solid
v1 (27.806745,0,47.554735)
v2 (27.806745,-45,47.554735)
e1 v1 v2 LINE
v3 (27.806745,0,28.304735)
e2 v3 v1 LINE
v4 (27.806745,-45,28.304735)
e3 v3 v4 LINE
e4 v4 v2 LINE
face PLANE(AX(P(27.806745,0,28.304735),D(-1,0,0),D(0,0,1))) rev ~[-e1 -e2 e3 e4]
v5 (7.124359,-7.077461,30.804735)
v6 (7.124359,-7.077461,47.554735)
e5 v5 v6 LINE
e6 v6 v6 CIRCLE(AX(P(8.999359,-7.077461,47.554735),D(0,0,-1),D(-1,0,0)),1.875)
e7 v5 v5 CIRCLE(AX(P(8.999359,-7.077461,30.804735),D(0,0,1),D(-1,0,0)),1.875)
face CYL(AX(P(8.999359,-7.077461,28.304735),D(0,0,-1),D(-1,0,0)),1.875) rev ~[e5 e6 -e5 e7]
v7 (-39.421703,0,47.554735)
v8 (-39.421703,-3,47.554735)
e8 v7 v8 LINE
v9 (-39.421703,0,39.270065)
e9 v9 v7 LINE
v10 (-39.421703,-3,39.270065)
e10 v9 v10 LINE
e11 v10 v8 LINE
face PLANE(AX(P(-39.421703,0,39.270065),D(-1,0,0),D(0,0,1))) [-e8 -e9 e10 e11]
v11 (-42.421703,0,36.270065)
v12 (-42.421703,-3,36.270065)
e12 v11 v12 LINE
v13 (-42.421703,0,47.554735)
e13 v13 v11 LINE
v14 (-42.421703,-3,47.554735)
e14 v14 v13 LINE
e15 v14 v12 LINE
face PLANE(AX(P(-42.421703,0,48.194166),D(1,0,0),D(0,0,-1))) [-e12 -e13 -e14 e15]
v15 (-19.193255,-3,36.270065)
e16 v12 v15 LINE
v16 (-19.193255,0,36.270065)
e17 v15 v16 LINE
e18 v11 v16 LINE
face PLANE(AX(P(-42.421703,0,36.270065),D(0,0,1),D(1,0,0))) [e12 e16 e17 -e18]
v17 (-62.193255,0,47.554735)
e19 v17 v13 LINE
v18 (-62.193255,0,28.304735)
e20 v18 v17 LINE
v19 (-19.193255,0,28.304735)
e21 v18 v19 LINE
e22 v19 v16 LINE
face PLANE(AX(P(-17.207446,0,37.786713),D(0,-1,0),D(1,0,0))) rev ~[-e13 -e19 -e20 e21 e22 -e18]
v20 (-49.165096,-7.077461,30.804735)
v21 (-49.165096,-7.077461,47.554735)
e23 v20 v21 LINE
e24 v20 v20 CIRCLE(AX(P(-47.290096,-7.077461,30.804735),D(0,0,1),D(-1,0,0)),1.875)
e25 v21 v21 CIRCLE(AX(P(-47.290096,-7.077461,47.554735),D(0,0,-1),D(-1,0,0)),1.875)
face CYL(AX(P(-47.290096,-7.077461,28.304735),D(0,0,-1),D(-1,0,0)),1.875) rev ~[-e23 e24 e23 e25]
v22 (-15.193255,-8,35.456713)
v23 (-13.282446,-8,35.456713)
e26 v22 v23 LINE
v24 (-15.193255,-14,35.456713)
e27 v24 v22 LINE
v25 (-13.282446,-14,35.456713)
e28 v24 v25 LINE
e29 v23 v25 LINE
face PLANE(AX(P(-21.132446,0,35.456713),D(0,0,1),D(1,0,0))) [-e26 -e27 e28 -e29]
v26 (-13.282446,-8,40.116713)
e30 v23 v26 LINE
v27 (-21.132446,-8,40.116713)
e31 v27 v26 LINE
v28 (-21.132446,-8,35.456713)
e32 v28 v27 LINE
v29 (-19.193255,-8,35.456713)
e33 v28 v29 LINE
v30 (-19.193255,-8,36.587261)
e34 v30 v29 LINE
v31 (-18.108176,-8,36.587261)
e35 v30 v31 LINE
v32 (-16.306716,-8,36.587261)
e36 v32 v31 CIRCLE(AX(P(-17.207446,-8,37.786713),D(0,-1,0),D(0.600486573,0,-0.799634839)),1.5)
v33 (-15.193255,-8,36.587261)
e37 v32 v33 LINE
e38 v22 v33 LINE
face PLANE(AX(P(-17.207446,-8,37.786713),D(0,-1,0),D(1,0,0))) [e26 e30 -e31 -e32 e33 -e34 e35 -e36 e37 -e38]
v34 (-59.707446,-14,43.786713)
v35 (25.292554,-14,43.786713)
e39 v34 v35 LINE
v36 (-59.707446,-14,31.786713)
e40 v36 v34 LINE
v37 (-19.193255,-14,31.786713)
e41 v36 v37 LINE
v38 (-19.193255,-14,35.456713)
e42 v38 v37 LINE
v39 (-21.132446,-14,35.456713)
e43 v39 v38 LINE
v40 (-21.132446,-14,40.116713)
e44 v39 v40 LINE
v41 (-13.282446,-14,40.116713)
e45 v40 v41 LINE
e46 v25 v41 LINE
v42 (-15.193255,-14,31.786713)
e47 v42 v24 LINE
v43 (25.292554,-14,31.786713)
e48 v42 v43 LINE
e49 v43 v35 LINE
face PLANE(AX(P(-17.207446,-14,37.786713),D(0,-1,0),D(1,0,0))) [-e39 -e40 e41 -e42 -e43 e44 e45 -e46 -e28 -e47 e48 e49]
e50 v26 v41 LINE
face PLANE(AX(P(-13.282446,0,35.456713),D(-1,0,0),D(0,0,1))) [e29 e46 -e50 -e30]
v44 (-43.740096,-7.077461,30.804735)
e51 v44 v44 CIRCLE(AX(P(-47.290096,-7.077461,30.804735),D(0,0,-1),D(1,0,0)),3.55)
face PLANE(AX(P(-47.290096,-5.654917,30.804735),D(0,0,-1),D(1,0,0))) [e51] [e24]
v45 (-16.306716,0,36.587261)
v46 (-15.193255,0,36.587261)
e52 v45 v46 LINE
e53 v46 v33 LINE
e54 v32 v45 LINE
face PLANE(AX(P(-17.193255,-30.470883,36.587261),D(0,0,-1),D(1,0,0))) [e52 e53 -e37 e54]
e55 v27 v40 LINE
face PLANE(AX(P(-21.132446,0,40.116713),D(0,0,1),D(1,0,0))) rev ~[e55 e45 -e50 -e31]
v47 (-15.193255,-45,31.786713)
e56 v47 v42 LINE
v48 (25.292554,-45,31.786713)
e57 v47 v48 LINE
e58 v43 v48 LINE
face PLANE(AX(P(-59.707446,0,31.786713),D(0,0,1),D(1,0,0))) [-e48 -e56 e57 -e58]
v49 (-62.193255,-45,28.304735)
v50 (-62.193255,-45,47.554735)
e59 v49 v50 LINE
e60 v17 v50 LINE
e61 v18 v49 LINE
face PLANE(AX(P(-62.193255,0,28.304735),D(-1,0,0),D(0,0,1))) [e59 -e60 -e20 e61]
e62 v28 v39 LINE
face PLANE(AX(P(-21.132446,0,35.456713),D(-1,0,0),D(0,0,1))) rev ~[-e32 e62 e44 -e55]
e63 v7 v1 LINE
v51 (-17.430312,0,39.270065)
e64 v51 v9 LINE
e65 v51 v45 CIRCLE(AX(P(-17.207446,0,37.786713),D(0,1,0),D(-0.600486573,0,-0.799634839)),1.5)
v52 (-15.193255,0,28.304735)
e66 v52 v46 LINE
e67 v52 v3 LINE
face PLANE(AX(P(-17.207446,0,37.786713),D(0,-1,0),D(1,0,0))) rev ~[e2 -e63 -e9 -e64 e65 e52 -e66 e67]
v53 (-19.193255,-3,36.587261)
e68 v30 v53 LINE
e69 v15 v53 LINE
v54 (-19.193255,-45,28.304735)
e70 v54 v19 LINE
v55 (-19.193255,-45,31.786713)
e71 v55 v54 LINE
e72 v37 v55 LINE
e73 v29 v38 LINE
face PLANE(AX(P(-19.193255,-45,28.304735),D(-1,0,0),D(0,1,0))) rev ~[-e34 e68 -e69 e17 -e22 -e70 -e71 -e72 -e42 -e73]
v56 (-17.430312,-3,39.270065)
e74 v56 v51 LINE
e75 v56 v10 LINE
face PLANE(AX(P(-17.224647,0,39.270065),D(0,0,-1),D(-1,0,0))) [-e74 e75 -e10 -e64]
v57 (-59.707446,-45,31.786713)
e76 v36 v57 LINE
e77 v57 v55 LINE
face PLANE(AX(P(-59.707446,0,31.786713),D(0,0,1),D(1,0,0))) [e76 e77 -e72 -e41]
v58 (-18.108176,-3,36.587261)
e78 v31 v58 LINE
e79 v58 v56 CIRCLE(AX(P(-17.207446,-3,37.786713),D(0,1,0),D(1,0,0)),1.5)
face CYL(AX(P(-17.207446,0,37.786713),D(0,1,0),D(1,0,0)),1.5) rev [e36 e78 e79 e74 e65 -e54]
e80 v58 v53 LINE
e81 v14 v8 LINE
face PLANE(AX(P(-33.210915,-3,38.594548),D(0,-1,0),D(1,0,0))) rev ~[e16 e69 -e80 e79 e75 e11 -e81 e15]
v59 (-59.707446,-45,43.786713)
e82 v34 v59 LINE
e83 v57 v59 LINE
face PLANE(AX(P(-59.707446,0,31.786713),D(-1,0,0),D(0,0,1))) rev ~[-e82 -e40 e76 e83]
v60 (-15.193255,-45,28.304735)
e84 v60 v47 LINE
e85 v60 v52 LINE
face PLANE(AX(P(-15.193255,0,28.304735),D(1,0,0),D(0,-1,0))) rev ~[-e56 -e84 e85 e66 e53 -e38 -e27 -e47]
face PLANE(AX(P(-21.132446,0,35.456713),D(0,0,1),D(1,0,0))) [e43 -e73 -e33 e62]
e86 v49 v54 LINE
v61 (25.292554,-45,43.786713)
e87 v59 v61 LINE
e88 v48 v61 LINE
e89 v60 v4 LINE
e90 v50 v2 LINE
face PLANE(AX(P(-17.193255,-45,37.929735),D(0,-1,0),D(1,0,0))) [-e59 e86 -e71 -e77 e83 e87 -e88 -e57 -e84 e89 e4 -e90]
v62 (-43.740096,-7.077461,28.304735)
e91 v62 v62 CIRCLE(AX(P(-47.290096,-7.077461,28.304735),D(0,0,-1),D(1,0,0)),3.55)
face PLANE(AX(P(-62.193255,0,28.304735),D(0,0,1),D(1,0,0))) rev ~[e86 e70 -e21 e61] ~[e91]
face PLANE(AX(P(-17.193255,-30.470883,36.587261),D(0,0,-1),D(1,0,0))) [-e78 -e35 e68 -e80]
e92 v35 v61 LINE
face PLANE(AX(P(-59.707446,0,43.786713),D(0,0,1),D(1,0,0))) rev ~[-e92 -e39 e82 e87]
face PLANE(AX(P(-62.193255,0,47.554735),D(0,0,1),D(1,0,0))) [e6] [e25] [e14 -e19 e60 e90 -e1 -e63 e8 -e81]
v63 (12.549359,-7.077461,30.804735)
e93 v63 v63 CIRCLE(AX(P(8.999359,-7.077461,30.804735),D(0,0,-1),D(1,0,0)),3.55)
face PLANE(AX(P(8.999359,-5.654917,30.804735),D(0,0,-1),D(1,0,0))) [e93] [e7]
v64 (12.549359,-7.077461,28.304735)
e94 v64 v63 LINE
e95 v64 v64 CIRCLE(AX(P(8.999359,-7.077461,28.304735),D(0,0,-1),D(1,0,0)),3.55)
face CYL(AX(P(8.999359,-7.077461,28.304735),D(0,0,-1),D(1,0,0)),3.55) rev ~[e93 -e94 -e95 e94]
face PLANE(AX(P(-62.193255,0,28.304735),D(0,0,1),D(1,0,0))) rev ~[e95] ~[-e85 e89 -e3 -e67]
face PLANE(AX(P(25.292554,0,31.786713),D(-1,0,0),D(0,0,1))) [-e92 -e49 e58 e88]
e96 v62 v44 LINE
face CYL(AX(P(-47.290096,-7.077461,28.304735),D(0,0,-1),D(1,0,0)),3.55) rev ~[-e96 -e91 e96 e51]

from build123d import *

# Parameters (mm, degrees)
F0_W      = 90
F0_H      = 19.25
F0_W_2    = 85
F0_H_2    = 12
F1_DEPTH  = 45
F0_W_3    = 7.85
F0_H_3    = 4.66
F2_DEPTH  = 14
F0_R      = 1.5
F3_DEPTH  = 8
F5_W      = 4
F5_H      = 29.0582341515
F6_DEPTH  = 3.07077
F5_H_2    = 15.9417658485
F7_DEPTH  = 8.2825263962
F11_DEPTH = 23.33121
F12_DEPTH = 2.5
F14_W     = 3
F14_H     = 4.4074529409
F14_W_2   = 3.907799057
F14_H_2   = 3
F15_DEPTH = 3


with BuildPart() as f1:
    # F0 (on Front) → F1 (new body)
    with BuildSketch(Plane.XZ):
        with Locations((-17.1932545304, 37.9297346771)):
            Rectangle(F0_W, F0_H)
        with Locations((-17.2074458234, 37.7867133319)):
            Rectangle(F0_W_2, F0_H_2, mode=Mode.SUBTRACT)
    extrude(amount=F1_DEPTH)

    # F0 (on Front) → F2 (join)
    with BuildSketch(Plane.XZ):
        with Locations((-17.2074458234, 37.7867133319)):
            Rectangle(F0_W_2, F0_H_2)
        with Locations((-17.2074458234, 37.7867133319)):
            Rectangle(F0_W_3, F0_H_3, mode=Mode.SUBTRACT)
    extrude(amount=F2_DEPTH)

    # F0 (on Front) → F3 (join)
    with BuildSketch(Plane.XZ):
        with Locations((-17.2074458234, 37.7867133319)):
            Rectangle(F0_W_3, F0_H_3)
        with Locations((-17.2074458234, 37.7867133319)):
            Circle(F0_R, mode=Mode.SUBTRACT)
    extrude(amount=F3_DEPTH)

    # F5 (on offset) → F6 (cut)
    with BuildSketch(Plane(origin=(0, 0, 28.3047346771), x_dir=(1, 0, 0), z_dir=(0, 0, -1))):
        with Locations((-17.1932545304, 30.4708829243)):
            Rectangle(F5_W, F5_H)
    extrude(amount=-F6_DEPTH, mode=Mode.SUBTRACT)

    # F5 (on offset) → F7 (cut)
    with BuildSketch(Plane(origin=(0, 0, 28.3047346771), x_dir=(1, 0, 0), z_dir=(0, 0, -1))):
        with Locations((-17.1932545304, 30.4708829243)):
            Rectangle(F5_W, F5_H)
        with Locations((-17.1932545304, 7.9708829243)):
            Rectangle(F5_W, F5_H_2)
    extrude(amount=-F7_DEPTH, mode=Mode.SUBTRACT)

    # F10 (on offset) → F11 (cut)
    with BuildSketch(Plane(origin=(0, 0, 28.3047346771), x_dir=(1, 0, 0), z_dir=(0, 0, -1))):
        with BuildLine():
            Line((-49.1650958551, 7.0774606429), (-45.4150958551, 7.0774606429))
            ThreePointArc((-45.4150958551, 7.0774606429), (-47.2900958551, 8.9524606429), (-49.1650958551, 7.0774606429))
        make_face()
        with BuildLine():
            ThreePointArc((-49.1650958551, 7.0774606429), (-47.2900958551, 5.2024606429), (-45.4150958551, 7.0774606429))
            Line((-45.4150958551, 7.0774606429), (-49.1650958551, 7.0774606429))
        make_face()
        with BuildLine():
            ThreePointArc((10.8743589147, 7.0774606429), (8.9993589147, 8.9524606429), (7.1243589147, 7.0774606429))
            Line((7.1243589147, 7.0774606429), (10.8743589147, 7.0774606429))
        make_face()
        with BuildLine():
            Line((10.8743589147, 7.0774606429), (7.1243589147, 7.0774606429))
            ThreePointArc((7.1243589147, 7.0774606429), (8.9993589147, 5.2024606429), (10.8743589147, 7.0774606429))
        make_face()
    extrude(amount=-F11_DEPTH, mode=Mode.SUBTRACT)

    # F10 (on offset) → F12 (cut)
    with BuildSketch(Plane(origin=(0, 0, 28.3047346771), x_dir=(1, 0, 0), z_dir=(0, 0, -1))):
        with BuildLine():
            Line((7.1243589147, 7.0774606429), (5.4493589147, 7.0774606429))
            ThreePointArc((5.4493589147, 7.0774606429), (8.9993589147, 3.5274606429), (12.5493589147, 7.0774606429))
            Line((12.5493589147, 7.0774606429), (10.8743589147, 7.0774606429))
            ThreePointArc((10.8743589147, 7.0774606429), (8.9993589147, 5.2024606429), (7.1243589147, 7.0774606429))
        make_face()
        with BuildLine():
            ThreePointArc((12.5493589147, 7.0774606429), (8.9993589147, 10.6274606429), (5.4493589147, 7.0774606429))
            Line((5.4493589147, 7.0774606429), (7.1243589147, 7.0774606429))
            ThreePointArc((7.1243589147, 7.0774606429), (8.9993589147, 8.9524606429), (10.8743589147, 7.0774606429))
            Line((10.8743589147, 7.0774606429), (12.5493589147, 7.0774606429))
        make_face()
        with BuildLine():
            Line((-43.7400958551, 7.0774606429), (-45.4150958551, 7.0774606429))
            ThreePointArc((-45.4150958551, 7.0774606429), (-47.2900958551, 5.2024606429), (-49.1650958551, 7.0774606429))
            Line((-49.1650958551, 7.0774606429), (-50.8400958551, 7.0774606429))
            ThreePointArc((-50.8400958551, 7.0774606429), (-47.2900958551, 3.5274606429), (-43.7400958551, 7.0774606429))
        make_face()
        with BuildLine():
            ThreePointArc((-49.1650958551, 7.0774606429), (-47.2900958551, 8.9524606429), (-45.4150958551, 7.0774606429))
            Line((-45.4150958551, 7.0774606429), (-43.7400958551, 7.0774606429))
            ThreePointArc((-43.7400958551, 7.0774606429), (-47.2900958551, 10.6274606429), (-50.8400958551, 7.0774606429))
            Line((-50.8400958551, 7.0774606429), (-49.1650958551, 7.0774606429))
        make_face()
    extrude(amount=-F12_DEPTH, mode=Mode.SUBTRACT)

    # F14 (on face) → F15 (cut)
    with BuildSketch(Plane.XZ):
        Polygon((-21.1324458234, 36.2700645477), (-21.1324458234, 39.2700645477), (-39.4217026339, 39.2700645477), (-39.4217026339, 43.7867133319), (-42.4217026339, 43.7867133319), (-42.4217026339, 39.2700645477), (-42.4217026339, 36.2700645477), (-39.4217026339, 36.2700645477), align=None)
        with Locations((-40.9217026339, 45.9904398024)):
            Rectangle(F14_W, F14_H)
        with Locations((-19.1785462949, 37.7700645477)):
            Rectangle(F14_W_2, F14_H_2)
    extrude(amount=F15_DEPTH, mode=Mode.SUBTRACT)


solid = f1.part
